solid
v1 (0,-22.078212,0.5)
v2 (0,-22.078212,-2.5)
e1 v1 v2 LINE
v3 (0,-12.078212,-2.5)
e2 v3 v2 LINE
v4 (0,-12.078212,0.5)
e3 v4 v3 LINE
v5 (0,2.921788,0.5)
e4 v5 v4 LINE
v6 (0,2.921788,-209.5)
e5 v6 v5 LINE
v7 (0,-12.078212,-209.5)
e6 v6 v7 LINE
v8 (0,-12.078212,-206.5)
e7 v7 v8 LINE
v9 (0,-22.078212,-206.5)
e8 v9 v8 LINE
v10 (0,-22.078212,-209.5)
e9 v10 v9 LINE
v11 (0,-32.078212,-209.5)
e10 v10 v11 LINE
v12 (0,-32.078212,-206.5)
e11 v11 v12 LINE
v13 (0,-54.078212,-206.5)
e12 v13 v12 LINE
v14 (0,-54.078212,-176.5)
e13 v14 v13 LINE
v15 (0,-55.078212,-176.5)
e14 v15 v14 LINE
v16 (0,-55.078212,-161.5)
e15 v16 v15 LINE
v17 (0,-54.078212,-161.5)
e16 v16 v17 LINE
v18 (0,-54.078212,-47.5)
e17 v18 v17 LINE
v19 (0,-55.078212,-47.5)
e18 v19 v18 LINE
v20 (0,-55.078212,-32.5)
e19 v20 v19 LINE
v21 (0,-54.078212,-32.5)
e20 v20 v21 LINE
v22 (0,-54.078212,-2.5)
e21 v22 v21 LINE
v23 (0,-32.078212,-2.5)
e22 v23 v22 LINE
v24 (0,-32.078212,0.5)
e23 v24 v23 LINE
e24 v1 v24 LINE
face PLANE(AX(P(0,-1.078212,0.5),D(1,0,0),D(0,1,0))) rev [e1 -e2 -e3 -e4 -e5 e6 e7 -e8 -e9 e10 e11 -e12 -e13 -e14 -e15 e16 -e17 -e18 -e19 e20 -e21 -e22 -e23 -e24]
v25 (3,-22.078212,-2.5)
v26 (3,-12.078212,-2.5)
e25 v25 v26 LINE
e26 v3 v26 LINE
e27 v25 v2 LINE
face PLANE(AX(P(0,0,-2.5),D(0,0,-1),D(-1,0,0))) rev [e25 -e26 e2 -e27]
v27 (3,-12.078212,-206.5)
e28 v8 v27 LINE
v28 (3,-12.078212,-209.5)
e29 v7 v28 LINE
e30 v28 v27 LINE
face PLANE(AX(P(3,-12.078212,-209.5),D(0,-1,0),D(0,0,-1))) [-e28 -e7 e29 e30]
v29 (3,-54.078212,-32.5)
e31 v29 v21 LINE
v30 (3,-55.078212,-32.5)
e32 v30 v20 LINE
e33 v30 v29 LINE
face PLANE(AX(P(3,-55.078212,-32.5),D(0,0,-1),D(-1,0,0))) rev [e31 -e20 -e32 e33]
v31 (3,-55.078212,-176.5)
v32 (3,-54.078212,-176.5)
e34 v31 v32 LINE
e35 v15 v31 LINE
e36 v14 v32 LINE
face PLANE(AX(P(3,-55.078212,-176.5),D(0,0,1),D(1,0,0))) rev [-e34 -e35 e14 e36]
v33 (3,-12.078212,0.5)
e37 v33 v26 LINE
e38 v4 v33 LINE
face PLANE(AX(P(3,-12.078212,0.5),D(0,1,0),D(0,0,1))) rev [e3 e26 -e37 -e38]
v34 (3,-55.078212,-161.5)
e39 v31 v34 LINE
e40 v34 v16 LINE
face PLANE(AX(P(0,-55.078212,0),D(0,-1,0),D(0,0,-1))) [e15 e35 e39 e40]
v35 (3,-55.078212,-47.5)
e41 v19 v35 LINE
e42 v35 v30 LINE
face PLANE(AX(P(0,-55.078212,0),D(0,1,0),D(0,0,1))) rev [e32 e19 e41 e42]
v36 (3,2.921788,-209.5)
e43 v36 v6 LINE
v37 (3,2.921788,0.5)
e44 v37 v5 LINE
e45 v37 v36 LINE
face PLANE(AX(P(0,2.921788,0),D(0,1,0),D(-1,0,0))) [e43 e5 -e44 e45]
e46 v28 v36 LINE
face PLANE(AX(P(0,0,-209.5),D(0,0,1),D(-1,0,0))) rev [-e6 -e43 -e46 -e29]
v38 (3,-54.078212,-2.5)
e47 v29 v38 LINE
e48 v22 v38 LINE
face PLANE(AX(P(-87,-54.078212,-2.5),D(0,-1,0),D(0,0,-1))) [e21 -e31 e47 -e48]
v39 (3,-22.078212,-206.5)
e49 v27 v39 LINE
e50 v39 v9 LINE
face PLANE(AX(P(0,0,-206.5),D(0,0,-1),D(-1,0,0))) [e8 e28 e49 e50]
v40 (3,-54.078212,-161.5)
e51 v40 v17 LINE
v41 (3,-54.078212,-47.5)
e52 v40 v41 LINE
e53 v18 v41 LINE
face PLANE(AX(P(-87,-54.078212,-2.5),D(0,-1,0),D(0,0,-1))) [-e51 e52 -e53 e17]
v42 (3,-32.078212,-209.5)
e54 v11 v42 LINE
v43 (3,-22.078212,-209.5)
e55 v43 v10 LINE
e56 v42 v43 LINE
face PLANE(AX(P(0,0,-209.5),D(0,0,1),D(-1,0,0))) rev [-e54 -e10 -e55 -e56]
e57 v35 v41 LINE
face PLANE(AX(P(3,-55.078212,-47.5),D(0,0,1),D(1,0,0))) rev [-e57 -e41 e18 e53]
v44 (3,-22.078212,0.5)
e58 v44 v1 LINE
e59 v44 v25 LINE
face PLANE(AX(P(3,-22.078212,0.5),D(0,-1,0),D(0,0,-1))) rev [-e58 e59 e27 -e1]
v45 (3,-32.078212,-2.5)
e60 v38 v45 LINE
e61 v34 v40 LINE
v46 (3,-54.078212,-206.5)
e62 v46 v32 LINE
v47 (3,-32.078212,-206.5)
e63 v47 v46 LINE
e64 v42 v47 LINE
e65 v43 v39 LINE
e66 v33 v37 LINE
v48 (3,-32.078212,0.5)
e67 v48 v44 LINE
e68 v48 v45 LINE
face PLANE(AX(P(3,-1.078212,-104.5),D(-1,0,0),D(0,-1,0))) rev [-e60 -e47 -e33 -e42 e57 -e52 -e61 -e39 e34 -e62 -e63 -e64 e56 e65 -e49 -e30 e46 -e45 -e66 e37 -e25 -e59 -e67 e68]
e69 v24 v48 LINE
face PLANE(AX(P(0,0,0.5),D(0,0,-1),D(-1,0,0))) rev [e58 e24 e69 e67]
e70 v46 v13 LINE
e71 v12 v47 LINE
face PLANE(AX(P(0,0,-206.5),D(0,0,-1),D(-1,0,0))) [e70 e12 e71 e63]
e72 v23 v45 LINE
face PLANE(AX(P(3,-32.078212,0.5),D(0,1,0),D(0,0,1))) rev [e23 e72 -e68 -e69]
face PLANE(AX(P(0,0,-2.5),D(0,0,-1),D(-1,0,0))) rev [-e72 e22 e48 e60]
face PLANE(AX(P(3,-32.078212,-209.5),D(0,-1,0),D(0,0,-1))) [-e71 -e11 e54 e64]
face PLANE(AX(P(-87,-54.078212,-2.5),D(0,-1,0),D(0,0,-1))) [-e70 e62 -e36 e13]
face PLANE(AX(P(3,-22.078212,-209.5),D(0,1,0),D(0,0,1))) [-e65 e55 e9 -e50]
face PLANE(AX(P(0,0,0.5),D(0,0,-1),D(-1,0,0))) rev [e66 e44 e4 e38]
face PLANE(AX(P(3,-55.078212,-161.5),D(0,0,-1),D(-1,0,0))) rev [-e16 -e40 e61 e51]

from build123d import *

# Parameters (mm, degrees)
EXTRUDE_1_DEPTH          = 0.5
EXTRUDE_2_DEPTH          = 104.5
SKETCH_8_W               = 60
SKETCH_8_H               = 8
SKETCH_8_W_2             = 60.005961803
CUT_EXTRUDE_2_DEPTH      = 10
CUT_EXTRUDE_3_DEPTH      = 10
EXTRUDE_4_DEPTH          = 2.5
FILLET_3_R               = 0.25
FILLET_4_R               = 0.25
SKETCH_7_R               = 3.5
SKETCH_7_R_2             = 0.5
CUT_EXTRUDE_4_DEPTH      = 244
SKETCH_11_W              = 182.233952392
SKETCH_11_H              = 62.441724199
CUT_EXTRUDE_5_DEPTH      = 3
SKETCH_12_W              = 153.34351729
SKETCH_12_H              = 66.332199781
CUT_EXTRUDE_6_DEPTH      = 3
CUT_EXTRUDE_7_DEPTH      = 164
CUT_EXTRUDE_7_DEPTH_BACK = 90
SKETCH_13_W              = 225.919069127
SKETCH_13_H              = 66.171542843
SKETCH_14_W              = 3
SKETCH_14_H              = 15
EXTRUDE_5_DEPTH          = 1
SKETCH_18_W              = 3
SKETCH_18_H              = 204
EXTRUDE_6_DEPTH          = 4
SKETCH_19_W              = 3
SKETCH_19_H              = 15
SKETCH_19_H_2            = 10
EXTRUDE_7_DEPTH          = 3


with BuildPart() as part:
    # 草图1 → 凸台-拉伸1 (new body)
    with BuildSketch(Plane.XY):
        Polygon((0, -1.078212291), (0, -59.078212291), (150, -59.078212291), (150, -56.078212291), (24.720670391, -21.433997855), (24.720670391, -1.078212291), align=None)
    extrude(amount=EXTRUDE_1_DEPTH)

    # 草图2 → 凸台-拉伸2 (add)
    with BuildSketch(Plane(origin=(0, 0, 0), x_dir=(-1, 0, 0), z_dir=(0, 0, -1))):
        with BuildLine():
            Line((0, -1.078212291), (-3, -1.078212291))
            Line((-3, -1.078212291), (-3, -54.078212291))
            Line((-3, -54.078212291), (-149.757649478, -58.570793397))
            ThreePointArc((-149.757649478, -58.570793397), (-149.929460817, -58.646625155), (-150, -58.820676341))
            Line((-150, -58.820676341), (-150, -58.828212291))
            ThreePointArc((-150, -58.828212291), (-149.926776695, -59.004988986), (-149.75, -59.078212291))
            Line((-149.75, -59.078212291), (0, -59.078212291))
            Line((0, -59.078212291), (0, -1.078212291))
        make_face()
    extrude(amount=EXTRUDE_2_DEPTH)

    # 镜向3: part across plane


with BuildPart() as part_1:
    add(part.part)
    add(part.part.mirror(Plane(origin=(149.75, -58.820676341, -104.5), x_dir=(1, 0, 0), z_dir=(0, 0, 1))))

    # 草图8 → 切除-拉伸2 (cut)
    with BuildSketch(Plane(origin=(-1.651096891, -53.935831773, 0), x_dir=(0.9995317742895511, -0.03059791145784333, 0), z_dir=(0.03059791145784333, 0.9995317742895511, 0))):
        with Locations((121.479673046, 5)):
            Rectangle(SKETCH_8_W, SKETCH_8_H)
        with Locations((121.476692145, 15)):
            Rectangle(SKETCH_8_W_2, SKETCH_8_H)
        with Locations((121.476692145, 24.421052632)):
            Rectangle(SKETCH_8_W_2, SKETCH_8_H)
        with Locations((121.476692145, 33.842105263)):
            Rectangle(SKETCH_8_W_2, SKETCH_8_H)
        with Locations((121.476692145, 43.263157895)):
            Rectangle(SKETCH_8_W_2, SKETCH_8_H)
        with Locations((121.476692145, 52.684210526)):
            Rectangle(SKETCH_8_W_2, SKETCH_8_H)
        with Locations((121.476692145, 62.105263158)):
            Rectangle(SKETCH_8_W_2, SKETCH_8_H)
        with Locations((121.476692145, 71.526315789)):
            Rectangle(SKETCH_8_W_2, SKETCH_8_H)
        with Locations((121.476692145, 80.947368421)):
            Rectangle(SKETCH_8_W_2, SKETCH_8_H)
        with Locations((121.476692145, 90.368421053)):
            Rectangle(SKETCH_8_W_2, SKETCH_8_H)
        with Locations((121.476692145, 99.789473684)):
            Rectangle(SKETCH_8_W_2, SKETCH_8_H)
        with Locations((121.476692145, 109.210526316)):
            Rectangle(SKETCH_8_W_2, SKETCH_8_H)
        with Locations((121.476692145, 118.631578947)):
            Rectangle(SKETCH_8_W_2, SKETCH_8_H)
        with Locations((121.476692145, 128.052631579)):
            Rectangle(SKETCH_8_W_2, SKETCH_8_H)
        with Locations((121.476692145, 137.473684211)):
            Rectangle(SKETCH_8_W_2, SKETCH_8_H)
        with Locations((121.476692145, 146.894736842)):
            Rectangle(SKETCH_8_W_2, SKETCH_8_H)
        with Locations((121.476692145, 156.315789474)):
            Rectangle(SKETCH_8_W_2, SKETCH_8_H)
        with Locations((121.476692145, 165.736842105)):
            Rectangle(SKETCH_8_W_2, SKETCH_8_H)
        with Locations((121.476692145, 175.157894737)):
            Rectangle(SKETCH_8_W_2, SKETCH_8_H)
        with Locations((121.476692145, 184.578947368)):
            Rectangle(SKETCH_8_W_2, SKETCH_8_H)
        with Locations((121.476692145, 194)):
            Rectangle(SKETCH_8_W_2, SKETCH_8_H)
        with Locations((121.479673046, 204)):
            Rectangle(SKETCH_8_W, SKETCH_8_H)
    extrude(amount=-CUT_EXTRUDE_2_DEPTH, mode=Mode.SUBTRACT)

    # 草图9 → 切除-拉伸3 (cut)
    with BuildSketch(Plane(origin=(-1.651096891, -53.935831773, 0), x_dir=(0.9995317742895511, -0.03059791145784333, 0), z_dir=(0.03059791145784333, 0.9995317742895511, 0))):
        Polygon((151.645642318, 209), (153.085665737, 209), (154.855962757, 1), (151.716207414, 1), (151.479673046, 1), (151.479673046, 209), align=None)
    extrude(amount=-CUT_EXTRUDE_3_DEPTH, mode=Mode.SUBTRACT)

    # 草图1<3> → 凸台-拉伸4 (add)
    with BuildSketch(Plane.XY):
        Polygon((0, -1.078212291), (0, -59.078212291), (150, -59.078212291), (150, -56.078212291), (24.720670391, -21.433997855), (24.720670391, -1.078212291), align=None)
    extrude_4 = extrude(amount=-EXTRUDE_4_DEPTH)

    # 圆角3
    fillet_3_edges = [part_1.edges().sort_by_distance(p)[0] for p in [
        (149.757649478, -58.570793397, -170.447368421),
        (149.757649478, -58.570793397, -179.868421053),
        (149.757649478, -58.570793397, -189.289473684),
        (149.757649478, -58.570793397, -199),
        (149.757649478, -58.570793397, -208.5),
        (149.757649478, -58.570793397, -85.657894737),
        (149.757649478, -58.570793397, -95.078947368),
        (149.757649478, -58.570793397, -104.5),
        (149.757649478, -58.570793397, -113.921052632),
        (149.757649478, -58.570793397, -123.342105263),
        (149.757649478, -58.570793397, -132.763157895),
        (149.757649478, -58.570793397, -142.184210526),
        (149.757649478, -58.570793397, -151.605263158),
        (149.757649478, -58.570793397, -161.026315789),
        (149.757649478, -58.570793397, -76.236842105),
        (149.757649478, -58.570793397, -66.815789474),
        (149.757649478, -58.570793397, -57.394736842),
        (149.757649478, -58.570793397, -47.973684211),
        (149.757649478, -58.570793397, -38.552631579),
        (149.757649478, -58.570793397, -29.131578947),
        (149.757649478, -58.570793397, -19.710526316),
        (149.757649478, -58.570793397, -10),
    ]]
    fillet(fillet_3_edges, radius=FILLET_3_R)

    # 圆角4
    fillet_4_edges = [part_1.edges().sort_by_distance(p)[0] for p in [
        (149.742116246, -59.078212291, -47.973684211),
        (149.742116246, -59.078212291, -38.552631579),
        (149.742116246, -59.078212291, -29.131578947),
        (149.742116246, -59.078212291, -19.710526316),
        (149.742116246, -59.078212291, -10),
        (149.742116246, -59.078212291, -66.815789474),
        (149.742116246, -59.078212291, -57.394736842),
        (149.742116246, -59.078212291, -85.657894737),
        (149.742116246, -59.078212291, -76.236842105),
        (149.742116246, -59.078212291, -123.342105263),
        (149.742116246, -59.078212291, -113.921052632),
        (149.742116246, -59.078212291, -104.5),
        (149.742116246, -59.078212291, -95.078947368),
        (149.742116246, -59.078212291, -132.763157895),
        (149.742116246, -59.078212291, -142.184210526),
        (149.742116246, -59.078212291, -151.605263158),
        (149.742116246, -59.078212291, -161.026315789),
        (149.742116246, -59.078212291, -208.5),
        (149.742116246, -59.078212291, -199),
        (149.742116246, -59.078212291, -189.289473684),
        (149.742116246, -59.078212291, -179.868421053),
        (149.742116246, -59.078212291, -170.447368421),
    ]]
    fillet(fillet_4_edges, radius=FILLET_4_R)

    # 镜向4: 凸台-拉伸4 across plane
    add(extrude_4.mirror(Plane(origin=(0, 0, -104.5), x_dir=(1, 0, 0), z_dir=(0, 0, -1))))

    # 草图7 → 切除-拉伸4 (cut)
    with BuildSketch(Plane.XY.offset(0.5)):
        with Locations((8, -45.078212291)):
            Circle(SKETCH_7_R)
        with Locations((25, -45.078212291)):
            Circle(SKETCH_7_R_2)
        with Locations((23, -45.078212291)):
            Circle(SKETCH_7_R_2)
    extrude(amount=-CUT_EXTRUDE_4_DEPTH, mode=Mode.SUBTRACT)

    # 草图11 → 切除-拉伸5 (cut)
    with BuildSketch(Plane.XY.offset(0.5)):
        with Locations((91.116976196, -27.857350192)):
            Rectangle(SKETCH_11_W, SKETCH_11_H)
    extrude(amount=-CUT_EXTRUDE_5_DEPTH, mode=Mode.SUBTRACT)

    # 草图12 → 切除-拉伸6 (cut)
    with BuildSketch(Plane(origin=(0, 0, -209.5), x_dir=(-1, 0, 0), z_dir=(0, 0, -1))):
        with Locations((-76.671758645, -25.912112401)):
            Rectangle(SKETCH_12_W, SKETCH_12_H)
    extrude(amount=-CUT_EXTRUDE_6_DEPTH, mode=Mode.SUBTRACT)

    # 草图13 → 切除-拉伸7 (cut, two sides: drawn at the far end of the back side and taken through both)
    with BuildSketch(Plane(origin=(3, 0, 0), x_dir=(0, 0, -1), z_dir=(1, 0, 0)).offset(-CUT_EXTRUDE_7_DEPTH_BACK)):
        with Locations((115.459534564, -87.163983712)):
            Rectangle(SKETCH_13_W, SKETCH_13_H)
    extrude(amount=CUT_EXTRUDE_7_DEPTH + CUT_EXTRUDE_7_DEPTH_BACK, mode=Mode.SUBTRACT)

    # 草图14 → 凸台-拉伸5 (add)
    with BuildSketch(Plane.XZ.offset(54.078212291)):
        with Locations((1.5, -40)):
            Rectangle(SKETCH_14_W, SKETCH_14_H)
        with Locations((1.5, -169)):
            Rectangle(SKETCH_14_W, SKETCH_14_H)
    extrude(amount=EXTRUDE_5_DEPTH)

    # 草图18 → 凸台-拉伸6 (add)
    with BuildSketch(Plane(origin=(0, -1.078212291, 0), x_dir=(1, 0, 0), z_dir=(0, 1, 0))):
        with Locations((1.5, 104.5)):
            Rectangle(SKETCH_18_W, SKETCH_18_H)
    extrude(amount=EXTRUDE_6_DEPTH)

    # 草图19 → 凸台-拉伸7 (add)
    with BuildSketch(Plane.XY.offset(-2.5)):
        with Locations((1.5, -4.578212291)):
            Rectangle(SKETCH_19_W, SKETCH_19_H)
        with Locations((1.5, -27.078212291)):
            Rectangle(SKETCH_19_W, SKETCH_19_H_2)
    extrude_7 = extrude(amount=EXTRUDE_7_DEPTH)

    # 镜向5: 凸台-拉伸7 across plane
    add(extrude_7.mirror(Plane(origin=(0, 0, -104.5), x_dir=(1, 0, 0), z_dir=(0, 0, -1))))


solid = part_1.part
